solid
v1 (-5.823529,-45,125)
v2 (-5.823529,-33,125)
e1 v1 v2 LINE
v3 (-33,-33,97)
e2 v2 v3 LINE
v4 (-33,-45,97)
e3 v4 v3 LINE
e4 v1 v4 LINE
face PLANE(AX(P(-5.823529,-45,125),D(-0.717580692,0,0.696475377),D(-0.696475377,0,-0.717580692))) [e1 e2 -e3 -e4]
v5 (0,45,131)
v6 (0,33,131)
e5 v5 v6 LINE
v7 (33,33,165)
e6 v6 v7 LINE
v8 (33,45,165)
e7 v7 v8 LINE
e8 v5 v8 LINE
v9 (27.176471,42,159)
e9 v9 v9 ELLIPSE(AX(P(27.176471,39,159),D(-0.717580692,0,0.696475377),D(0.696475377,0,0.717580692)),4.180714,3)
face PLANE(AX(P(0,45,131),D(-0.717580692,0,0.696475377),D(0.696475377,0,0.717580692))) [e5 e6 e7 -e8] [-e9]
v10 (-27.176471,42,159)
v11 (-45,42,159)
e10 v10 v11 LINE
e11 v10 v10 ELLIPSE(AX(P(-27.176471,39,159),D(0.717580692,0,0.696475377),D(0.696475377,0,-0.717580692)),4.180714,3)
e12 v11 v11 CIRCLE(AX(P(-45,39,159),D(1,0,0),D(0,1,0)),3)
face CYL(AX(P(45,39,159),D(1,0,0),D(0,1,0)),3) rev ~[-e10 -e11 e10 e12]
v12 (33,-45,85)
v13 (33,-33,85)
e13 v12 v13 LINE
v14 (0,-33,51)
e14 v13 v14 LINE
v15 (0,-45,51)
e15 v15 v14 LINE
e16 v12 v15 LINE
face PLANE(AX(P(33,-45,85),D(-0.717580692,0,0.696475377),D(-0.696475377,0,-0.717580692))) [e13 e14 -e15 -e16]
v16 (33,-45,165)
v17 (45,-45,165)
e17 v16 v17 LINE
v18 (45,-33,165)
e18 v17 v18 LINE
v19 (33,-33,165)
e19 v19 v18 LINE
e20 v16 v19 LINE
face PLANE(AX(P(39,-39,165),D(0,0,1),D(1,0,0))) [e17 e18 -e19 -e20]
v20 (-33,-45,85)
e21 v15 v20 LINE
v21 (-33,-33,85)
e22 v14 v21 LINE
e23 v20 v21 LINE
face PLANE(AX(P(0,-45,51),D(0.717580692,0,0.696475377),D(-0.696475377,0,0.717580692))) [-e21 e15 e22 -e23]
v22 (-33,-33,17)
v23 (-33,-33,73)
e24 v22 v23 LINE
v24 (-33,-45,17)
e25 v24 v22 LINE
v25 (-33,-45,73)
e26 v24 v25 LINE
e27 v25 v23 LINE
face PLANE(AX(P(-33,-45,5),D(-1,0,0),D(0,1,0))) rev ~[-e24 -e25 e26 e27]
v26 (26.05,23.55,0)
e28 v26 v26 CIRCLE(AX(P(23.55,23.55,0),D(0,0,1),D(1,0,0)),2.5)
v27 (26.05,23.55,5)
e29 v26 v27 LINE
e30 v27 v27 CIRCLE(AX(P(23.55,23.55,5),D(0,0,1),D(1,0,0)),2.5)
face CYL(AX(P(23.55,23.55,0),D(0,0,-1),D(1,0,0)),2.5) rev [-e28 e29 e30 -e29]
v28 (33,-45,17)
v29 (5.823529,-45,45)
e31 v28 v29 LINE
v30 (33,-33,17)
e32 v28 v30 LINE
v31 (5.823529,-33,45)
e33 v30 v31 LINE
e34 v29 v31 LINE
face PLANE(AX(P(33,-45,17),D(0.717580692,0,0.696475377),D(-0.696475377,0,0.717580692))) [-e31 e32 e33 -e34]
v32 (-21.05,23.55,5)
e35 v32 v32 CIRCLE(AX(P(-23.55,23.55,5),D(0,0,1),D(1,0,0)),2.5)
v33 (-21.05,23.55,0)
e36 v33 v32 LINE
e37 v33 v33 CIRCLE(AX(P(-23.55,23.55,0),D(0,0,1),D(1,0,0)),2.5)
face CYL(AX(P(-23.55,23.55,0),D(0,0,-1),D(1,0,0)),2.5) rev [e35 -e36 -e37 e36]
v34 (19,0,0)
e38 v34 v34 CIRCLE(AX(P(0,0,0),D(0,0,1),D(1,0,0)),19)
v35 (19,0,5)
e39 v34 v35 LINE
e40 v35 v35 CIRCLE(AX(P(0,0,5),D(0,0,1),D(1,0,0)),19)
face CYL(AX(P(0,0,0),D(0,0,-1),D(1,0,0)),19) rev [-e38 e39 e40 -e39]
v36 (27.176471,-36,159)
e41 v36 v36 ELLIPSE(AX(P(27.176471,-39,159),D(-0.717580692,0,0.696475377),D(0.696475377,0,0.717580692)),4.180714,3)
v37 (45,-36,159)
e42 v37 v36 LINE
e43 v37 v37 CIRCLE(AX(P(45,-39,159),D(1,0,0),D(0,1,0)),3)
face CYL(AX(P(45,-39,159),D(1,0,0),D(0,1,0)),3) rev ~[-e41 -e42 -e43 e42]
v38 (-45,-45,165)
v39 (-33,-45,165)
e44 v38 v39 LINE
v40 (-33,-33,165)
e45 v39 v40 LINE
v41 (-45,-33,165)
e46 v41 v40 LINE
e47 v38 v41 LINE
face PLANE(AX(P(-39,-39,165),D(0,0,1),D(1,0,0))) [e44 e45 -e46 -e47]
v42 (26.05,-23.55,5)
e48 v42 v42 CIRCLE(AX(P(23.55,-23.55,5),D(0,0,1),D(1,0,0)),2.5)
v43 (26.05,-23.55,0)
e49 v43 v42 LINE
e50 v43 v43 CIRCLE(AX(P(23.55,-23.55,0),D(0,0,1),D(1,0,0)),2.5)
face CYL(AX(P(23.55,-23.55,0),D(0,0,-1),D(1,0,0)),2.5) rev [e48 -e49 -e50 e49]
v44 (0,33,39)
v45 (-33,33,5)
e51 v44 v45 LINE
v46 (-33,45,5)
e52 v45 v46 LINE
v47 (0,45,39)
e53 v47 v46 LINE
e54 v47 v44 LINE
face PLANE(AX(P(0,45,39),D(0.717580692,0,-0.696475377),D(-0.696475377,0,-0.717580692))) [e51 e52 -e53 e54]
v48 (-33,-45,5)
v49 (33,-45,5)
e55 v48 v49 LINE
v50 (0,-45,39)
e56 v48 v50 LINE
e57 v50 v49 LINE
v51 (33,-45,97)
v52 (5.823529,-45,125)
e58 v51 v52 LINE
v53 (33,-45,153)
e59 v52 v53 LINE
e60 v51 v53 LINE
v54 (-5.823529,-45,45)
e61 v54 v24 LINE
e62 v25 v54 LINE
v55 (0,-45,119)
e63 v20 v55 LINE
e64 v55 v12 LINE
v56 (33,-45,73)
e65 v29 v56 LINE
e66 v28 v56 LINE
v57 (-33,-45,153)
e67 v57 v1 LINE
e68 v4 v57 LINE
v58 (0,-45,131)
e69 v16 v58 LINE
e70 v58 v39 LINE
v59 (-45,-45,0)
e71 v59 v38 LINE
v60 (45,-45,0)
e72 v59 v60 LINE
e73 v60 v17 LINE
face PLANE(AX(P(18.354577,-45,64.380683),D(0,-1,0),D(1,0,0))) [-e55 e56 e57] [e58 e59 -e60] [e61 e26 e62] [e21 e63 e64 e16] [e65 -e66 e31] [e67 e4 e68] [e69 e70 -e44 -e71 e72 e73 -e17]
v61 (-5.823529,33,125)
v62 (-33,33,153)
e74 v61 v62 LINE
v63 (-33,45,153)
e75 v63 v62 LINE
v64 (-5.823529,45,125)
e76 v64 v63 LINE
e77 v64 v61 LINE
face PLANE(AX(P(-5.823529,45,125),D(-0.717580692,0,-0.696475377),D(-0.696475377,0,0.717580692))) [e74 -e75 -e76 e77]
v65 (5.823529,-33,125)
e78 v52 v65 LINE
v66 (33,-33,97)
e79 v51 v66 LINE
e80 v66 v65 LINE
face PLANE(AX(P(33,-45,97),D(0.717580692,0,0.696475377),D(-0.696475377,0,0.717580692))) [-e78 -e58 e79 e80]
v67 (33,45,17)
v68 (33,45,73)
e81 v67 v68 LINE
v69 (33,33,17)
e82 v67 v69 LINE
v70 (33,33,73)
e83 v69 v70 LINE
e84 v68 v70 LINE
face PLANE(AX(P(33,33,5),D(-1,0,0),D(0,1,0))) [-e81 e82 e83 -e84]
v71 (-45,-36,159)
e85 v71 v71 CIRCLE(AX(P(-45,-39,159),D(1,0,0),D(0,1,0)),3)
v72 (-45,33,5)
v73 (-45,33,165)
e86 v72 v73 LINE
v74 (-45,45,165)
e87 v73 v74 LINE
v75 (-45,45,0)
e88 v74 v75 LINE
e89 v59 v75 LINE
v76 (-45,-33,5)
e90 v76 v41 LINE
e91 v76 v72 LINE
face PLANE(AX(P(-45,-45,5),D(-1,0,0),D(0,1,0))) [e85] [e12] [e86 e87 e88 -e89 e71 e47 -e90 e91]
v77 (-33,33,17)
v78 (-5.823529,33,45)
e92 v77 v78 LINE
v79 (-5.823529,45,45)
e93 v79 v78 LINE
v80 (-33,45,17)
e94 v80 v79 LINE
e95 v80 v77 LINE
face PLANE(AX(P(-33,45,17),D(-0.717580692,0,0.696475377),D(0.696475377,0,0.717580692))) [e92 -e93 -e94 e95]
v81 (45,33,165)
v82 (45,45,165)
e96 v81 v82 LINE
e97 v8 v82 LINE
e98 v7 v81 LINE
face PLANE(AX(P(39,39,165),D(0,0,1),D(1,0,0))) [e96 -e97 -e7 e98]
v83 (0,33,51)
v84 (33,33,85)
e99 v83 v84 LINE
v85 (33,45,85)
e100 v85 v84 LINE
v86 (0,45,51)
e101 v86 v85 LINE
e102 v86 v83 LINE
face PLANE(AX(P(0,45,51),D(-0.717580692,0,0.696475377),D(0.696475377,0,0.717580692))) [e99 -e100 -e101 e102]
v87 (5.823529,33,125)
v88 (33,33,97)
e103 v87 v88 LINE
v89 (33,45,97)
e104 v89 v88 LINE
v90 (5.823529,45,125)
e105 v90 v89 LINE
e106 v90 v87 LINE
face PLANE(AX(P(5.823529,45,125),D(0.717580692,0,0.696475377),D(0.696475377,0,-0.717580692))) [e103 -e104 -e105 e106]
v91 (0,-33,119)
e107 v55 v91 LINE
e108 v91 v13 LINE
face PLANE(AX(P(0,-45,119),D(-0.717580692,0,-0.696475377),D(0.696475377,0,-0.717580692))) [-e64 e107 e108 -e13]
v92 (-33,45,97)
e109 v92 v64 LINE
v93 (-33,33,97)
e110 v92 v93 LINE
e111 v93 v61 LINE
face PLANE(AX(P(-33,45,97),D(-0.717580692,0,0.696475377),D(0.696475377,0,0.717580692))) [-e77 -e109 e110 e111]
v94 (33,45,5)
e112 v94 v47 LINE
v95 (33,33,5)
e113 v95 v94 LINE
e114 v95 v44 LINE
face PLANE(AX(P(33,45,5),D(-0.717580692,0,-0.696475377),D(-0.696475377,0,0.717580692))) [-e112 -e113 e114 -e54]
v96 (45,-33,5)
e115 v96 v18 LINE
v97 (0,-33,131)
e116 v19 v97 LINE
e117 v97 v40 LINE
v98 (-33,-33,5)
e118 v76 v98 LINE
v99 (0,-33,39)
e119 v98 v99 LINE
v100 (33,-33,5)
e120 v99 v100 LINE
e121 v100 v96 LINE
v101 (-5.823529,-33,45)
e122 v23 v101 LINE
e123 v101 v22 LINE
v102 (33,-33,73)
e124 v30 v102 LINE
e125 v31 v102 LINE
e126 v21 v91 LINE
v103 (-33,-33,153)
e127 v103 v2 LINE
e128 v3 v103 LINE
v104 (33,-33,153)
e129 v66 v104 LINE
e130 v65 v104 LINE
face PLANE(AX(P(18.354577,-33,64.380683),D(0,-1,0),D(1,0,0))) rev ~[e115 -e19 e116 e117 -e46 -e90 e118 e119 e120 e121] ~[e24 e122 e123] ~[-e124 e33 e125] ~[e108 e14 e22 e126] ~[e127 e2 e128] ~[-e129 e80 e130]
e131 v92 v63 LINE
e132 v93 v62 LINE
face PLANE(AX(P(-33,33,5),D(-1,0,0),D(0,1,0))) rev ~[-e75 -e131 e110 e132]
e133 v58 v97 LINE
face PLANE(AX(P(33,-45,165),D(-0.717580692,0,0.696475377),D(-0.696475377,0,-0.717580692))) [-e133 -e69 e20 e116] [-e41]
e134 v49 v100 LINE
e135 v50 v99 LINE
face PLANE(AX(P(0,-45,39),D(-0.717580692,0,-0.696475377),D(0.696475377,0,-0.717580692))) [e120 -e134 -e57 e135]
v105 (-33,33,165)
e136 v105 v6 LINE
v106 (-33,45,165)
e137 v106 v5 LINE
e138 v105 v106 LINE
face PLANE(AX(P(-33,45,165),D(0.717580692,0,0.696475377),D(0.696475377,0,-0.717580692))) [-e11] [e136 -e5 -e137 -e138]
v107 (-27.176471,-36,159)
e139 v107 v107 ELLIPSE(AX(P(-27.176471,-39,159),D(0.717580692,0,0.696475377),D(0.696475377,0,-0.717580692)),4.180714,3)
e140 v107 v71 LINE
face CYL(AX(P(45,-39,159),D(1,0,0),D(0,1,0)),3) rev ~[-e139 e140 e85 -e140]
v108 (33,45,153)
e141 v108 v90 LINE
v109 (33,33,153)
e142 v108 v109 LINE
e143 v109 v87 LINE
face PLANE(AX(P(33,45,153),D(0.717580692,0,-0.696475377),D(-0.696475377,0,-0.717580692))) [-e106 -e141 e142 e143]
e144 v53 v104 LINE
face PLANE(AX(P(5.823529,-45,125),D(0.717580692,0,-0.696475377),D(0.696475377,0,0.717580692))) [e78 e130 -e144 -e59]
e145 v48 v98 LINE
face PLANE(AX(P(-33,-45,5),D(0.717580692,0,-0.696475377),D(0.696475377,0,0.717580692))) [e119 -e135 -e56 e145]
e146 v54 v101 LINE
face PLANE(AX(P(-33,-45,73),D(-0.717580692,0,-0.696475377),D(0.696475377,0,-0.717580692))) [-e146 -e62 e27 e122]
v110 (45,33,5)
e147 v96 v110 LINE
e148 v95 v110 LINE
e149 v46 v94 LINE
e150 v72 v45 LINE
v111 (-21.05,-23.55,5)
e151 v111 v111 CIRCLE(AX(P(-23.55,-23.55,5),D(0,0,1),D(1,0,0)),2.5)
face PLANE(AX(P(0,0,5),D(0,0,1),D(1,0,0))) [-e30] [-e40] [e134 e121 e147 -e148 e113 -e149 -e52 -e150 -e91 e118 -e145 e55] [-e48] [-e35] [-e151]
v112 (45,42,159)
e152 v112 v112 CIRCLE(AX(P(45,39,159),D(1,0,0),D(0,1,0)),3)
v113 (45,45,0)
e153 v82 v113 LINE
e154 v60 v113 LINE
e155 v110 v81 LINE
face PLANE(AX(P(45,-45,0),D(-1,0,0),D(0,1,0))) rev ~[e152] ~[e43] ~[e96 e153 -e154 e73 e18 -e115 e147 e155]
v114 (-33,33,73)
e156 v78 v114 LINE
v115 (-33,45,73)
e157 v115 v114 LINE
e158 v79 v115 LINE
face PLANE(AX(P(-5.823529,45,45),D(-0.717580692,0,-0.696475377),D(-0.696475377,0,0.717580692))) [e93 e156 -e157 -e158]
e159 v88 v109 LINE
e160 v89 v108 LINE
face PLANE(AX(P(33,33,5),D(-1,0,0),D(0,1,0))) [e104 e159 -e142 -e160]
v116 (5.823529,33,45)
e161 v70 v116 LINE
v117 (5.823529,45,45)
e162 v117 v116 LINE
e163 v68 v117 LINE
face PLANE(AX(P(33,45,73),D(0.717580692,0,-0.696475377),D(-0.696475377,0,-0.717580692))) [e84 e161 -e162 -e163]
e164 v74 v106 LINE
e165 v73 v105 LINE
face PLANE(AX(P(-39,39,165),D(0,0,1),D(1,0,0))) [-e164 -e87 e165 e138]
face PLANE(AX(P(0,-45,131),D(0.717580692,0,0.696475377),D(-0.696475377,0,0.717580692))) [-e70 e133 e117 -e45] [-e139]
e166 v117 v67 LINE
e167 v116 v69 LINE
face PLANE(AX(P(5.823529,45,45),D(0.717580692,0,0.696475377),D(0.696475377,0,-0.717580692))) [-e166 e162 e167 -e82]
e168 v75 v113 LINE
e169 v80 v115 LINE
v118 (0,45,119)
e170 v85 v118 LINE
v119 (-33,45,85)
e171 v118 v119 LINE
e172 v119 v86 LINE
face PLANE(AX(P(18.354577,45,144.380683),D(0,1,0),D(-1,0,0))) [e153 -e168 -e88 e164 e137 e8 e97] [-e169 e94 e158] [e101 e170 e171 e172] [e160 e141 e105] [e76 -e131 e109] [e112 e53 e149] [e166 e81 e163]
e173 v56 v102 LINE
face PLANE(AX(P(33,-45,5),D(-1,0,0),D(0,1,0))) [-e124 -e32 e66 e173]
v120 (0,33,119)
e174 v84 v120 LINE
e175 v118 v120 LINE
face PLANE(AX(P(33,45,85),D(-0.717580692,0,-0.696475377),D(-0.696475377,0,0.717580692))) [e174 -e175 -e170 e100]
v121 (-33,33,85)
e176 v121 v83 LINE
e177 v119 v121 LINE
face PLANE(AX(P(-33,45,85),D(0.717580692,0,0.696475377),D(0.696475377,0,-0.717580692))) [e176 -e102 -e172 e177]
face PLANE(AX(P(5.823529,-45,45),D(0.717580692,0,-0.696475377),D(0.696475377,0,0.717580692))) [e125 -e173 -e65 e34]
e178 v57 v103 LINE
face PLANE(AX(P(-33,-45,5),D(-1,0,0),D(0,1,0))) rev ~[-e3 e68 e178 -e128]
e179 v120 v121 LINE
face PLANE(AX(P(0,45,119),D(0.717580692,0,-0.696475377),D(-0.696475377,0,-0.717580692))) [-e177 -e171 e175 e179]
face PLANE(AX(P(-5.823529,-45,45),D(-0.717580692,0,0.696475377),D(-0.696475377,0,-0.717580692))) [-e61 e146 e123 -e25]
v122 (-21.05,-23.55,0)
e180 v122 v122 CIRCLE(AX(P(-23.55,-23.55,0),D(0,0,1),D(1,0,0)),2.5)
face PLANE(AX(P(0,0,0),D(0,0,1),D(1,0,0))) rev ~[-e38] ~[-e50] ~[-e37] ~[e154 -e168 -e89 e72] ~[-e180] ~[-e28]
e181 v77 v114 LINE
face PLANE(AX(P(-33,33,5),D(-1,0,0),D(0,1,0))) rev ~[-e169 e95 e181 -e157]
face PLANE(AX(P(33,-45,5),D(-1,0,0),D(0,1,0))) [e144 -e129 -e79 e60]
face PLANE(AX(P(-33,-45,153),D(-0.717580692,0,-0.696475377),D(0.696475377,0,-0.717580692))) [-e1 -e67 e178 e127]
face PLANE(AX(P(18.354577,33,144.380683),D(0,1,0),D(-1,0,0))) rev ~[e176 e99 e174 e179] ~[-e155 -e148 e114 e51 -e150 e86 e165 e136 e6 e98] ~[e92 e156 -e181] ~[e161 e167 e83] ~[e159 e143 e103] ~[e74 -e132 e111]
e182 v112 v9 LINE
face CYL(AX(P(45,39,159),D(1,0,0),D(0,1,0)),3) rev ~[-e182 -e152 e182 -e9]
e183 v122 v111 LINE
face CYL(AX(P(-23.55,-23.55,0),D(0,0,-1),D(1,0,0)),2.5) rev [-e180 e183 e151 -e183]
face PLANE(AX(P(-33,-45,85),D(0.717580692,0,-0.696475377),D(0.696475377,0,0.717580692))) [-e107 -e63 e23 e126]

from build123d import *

# Parameters (mm, degrees)
F0_W      = 90
F0_H      = 90
F0_R      = 2.5
F0_R_2    = 19
F1_DEPTH  = 5
F3_W      = 12
F3_H      = 12
F4_DEPTH  = 160
F7_DEPTH  = 12
F10_DEPTH = 12
F12_R     = 3
F13_DEPTH = 90.001


with BuildPart() as f1:
    # F0 (on Top) → F1 (new body)
    with BuildSketch(Plane.XY):
        Rectangle(F0_W, F0_H)
        with Locations((-23.55, -23.55)):
            Circle(F0_R, mode=Mode.SUBTRACT)
        with Locations((23.55, -23.55)):
            Circle(F0_R, mode=Mode.SUBTRACT)
        with Locations((-23.55, 23.55)):
            Circle(F0_R, mode=Mode.SUBTRACT)
        Circle(F0_R_2, mode=Mode.SUBTRACT)
        with Locations((23.55, 23.55)):
            Circle(F0_R, mode=Mode.SUBTRACT)
    extrude(amount=F1_DEPTH)

    # F3 (on offset) → F4 (join)
    with BuildSketch(Plane.XY.offset(5)):
        with Locations((-39, -39)):
            Rectangle(F3_W, F3_H)
        with Locations((39, -39)):
            Rectangle(F3_W, F3_H)
        with Locations((39, 39)):
            Rectangle(F3_W, F3_H)
        with Locations((-39, 39)):
            Rectangle(F3_W, F3_H)
    extrude(amount=F4_DEPTH)

    # F6 (on offset) → F7 (join)
    with BuildSketch(Plane.XZ.offset(45)):
        Polygon((0, 51), (5.8235294118, 45), (33, 73), (33, 85), align=None)
        Polygon((0, 119), (33, 85), (33, 97), (5.8235294118, 125), align=None)
        Polygon((0, 131), (5.8235294118, 125), (33, 153), (33, 165), align=None)
        Polygon((-33, 153), (-5.8235294118, 125), (0, 131), (-33, 165), align=None)
        Polygon((-33, 97), (-33, 85), (0, 119), (-5.8235294118, 125), align=None)
        Polygon((-5.8235294118, 125), (0, 119), (5.8235294118, 125), (0, 131), align=None)
        Polygon((-5.8235294118, 45), (0, 39), (5.8235294118, 45), (0, 51), align=None)
        Polygon((-33, 73), (-5.8235294118, 45), (0, 51), (-33, 85), align=None)
        Polygon((-33, 17), (-33, 5), (0, 39), (-5.8235294118, 45), align=None)
        Polygon((5.8235294118, 45), (0, 39), (33, 5), (33, 17), align=None)
    extrude(amount=-F7_DEPTH)

    # F9 (on offset) → F10 (join)
    with BuildSketch(Plane(origin=(0, 45, 0), x_dir=(-1, 0, 0), z_dir=(0, 1, 0))):
        Polygon((-33, 153), (-5.8235294118, 125), (0, 131), (-33, 165), align=None)
        Polygon((-5.8235294118, 125), (0, 119), (5.8235294118, 125), (0, 131), align=None)
        Polygon((0, 131), (5.8235294118, 125), (33, 153), (33, 165), align=None)
        Polygon((0, 119), (33, 85), (33, 97), (5.8235294118, 125), align=None)
        Polygon((-33, 85), (0, 119), (-5.8235294118, 125), (-33, 97), align=None)
        Polygon((-5.8235294118, 45), (0, 51), (-33, 85), (-33, 73), align=None)
        Polygon((0, 39), (-5.8235294118, 45), (-33, 17), (-33, 5), align=None)
        Polygon((33, 73), (33, 85), (0, 51), (5.8235294118, 45), align=None)
        Polygon((33, 17), (5.8235294118, 45), (0, 39), (33, 5), align=None)
        Polygon((5.8235294118, 45), (0, 51), (-5.8235294118, 45), (0, 39), align=None)
    extrude(amount=-F10_DEPTH)

    # F12 (on offset) → F13 (cut, through all)
    with BuildSketch(Plane.YZ.offset(45)):
        with Locations((-39, 159)):
            Circle(F12_R)
        with Locations((39, 159)):
            Circle(F12_R)
    extrude(amount=-F13_DEPTH, mode=Mode.SUBTRACT)


solid = f1.part
